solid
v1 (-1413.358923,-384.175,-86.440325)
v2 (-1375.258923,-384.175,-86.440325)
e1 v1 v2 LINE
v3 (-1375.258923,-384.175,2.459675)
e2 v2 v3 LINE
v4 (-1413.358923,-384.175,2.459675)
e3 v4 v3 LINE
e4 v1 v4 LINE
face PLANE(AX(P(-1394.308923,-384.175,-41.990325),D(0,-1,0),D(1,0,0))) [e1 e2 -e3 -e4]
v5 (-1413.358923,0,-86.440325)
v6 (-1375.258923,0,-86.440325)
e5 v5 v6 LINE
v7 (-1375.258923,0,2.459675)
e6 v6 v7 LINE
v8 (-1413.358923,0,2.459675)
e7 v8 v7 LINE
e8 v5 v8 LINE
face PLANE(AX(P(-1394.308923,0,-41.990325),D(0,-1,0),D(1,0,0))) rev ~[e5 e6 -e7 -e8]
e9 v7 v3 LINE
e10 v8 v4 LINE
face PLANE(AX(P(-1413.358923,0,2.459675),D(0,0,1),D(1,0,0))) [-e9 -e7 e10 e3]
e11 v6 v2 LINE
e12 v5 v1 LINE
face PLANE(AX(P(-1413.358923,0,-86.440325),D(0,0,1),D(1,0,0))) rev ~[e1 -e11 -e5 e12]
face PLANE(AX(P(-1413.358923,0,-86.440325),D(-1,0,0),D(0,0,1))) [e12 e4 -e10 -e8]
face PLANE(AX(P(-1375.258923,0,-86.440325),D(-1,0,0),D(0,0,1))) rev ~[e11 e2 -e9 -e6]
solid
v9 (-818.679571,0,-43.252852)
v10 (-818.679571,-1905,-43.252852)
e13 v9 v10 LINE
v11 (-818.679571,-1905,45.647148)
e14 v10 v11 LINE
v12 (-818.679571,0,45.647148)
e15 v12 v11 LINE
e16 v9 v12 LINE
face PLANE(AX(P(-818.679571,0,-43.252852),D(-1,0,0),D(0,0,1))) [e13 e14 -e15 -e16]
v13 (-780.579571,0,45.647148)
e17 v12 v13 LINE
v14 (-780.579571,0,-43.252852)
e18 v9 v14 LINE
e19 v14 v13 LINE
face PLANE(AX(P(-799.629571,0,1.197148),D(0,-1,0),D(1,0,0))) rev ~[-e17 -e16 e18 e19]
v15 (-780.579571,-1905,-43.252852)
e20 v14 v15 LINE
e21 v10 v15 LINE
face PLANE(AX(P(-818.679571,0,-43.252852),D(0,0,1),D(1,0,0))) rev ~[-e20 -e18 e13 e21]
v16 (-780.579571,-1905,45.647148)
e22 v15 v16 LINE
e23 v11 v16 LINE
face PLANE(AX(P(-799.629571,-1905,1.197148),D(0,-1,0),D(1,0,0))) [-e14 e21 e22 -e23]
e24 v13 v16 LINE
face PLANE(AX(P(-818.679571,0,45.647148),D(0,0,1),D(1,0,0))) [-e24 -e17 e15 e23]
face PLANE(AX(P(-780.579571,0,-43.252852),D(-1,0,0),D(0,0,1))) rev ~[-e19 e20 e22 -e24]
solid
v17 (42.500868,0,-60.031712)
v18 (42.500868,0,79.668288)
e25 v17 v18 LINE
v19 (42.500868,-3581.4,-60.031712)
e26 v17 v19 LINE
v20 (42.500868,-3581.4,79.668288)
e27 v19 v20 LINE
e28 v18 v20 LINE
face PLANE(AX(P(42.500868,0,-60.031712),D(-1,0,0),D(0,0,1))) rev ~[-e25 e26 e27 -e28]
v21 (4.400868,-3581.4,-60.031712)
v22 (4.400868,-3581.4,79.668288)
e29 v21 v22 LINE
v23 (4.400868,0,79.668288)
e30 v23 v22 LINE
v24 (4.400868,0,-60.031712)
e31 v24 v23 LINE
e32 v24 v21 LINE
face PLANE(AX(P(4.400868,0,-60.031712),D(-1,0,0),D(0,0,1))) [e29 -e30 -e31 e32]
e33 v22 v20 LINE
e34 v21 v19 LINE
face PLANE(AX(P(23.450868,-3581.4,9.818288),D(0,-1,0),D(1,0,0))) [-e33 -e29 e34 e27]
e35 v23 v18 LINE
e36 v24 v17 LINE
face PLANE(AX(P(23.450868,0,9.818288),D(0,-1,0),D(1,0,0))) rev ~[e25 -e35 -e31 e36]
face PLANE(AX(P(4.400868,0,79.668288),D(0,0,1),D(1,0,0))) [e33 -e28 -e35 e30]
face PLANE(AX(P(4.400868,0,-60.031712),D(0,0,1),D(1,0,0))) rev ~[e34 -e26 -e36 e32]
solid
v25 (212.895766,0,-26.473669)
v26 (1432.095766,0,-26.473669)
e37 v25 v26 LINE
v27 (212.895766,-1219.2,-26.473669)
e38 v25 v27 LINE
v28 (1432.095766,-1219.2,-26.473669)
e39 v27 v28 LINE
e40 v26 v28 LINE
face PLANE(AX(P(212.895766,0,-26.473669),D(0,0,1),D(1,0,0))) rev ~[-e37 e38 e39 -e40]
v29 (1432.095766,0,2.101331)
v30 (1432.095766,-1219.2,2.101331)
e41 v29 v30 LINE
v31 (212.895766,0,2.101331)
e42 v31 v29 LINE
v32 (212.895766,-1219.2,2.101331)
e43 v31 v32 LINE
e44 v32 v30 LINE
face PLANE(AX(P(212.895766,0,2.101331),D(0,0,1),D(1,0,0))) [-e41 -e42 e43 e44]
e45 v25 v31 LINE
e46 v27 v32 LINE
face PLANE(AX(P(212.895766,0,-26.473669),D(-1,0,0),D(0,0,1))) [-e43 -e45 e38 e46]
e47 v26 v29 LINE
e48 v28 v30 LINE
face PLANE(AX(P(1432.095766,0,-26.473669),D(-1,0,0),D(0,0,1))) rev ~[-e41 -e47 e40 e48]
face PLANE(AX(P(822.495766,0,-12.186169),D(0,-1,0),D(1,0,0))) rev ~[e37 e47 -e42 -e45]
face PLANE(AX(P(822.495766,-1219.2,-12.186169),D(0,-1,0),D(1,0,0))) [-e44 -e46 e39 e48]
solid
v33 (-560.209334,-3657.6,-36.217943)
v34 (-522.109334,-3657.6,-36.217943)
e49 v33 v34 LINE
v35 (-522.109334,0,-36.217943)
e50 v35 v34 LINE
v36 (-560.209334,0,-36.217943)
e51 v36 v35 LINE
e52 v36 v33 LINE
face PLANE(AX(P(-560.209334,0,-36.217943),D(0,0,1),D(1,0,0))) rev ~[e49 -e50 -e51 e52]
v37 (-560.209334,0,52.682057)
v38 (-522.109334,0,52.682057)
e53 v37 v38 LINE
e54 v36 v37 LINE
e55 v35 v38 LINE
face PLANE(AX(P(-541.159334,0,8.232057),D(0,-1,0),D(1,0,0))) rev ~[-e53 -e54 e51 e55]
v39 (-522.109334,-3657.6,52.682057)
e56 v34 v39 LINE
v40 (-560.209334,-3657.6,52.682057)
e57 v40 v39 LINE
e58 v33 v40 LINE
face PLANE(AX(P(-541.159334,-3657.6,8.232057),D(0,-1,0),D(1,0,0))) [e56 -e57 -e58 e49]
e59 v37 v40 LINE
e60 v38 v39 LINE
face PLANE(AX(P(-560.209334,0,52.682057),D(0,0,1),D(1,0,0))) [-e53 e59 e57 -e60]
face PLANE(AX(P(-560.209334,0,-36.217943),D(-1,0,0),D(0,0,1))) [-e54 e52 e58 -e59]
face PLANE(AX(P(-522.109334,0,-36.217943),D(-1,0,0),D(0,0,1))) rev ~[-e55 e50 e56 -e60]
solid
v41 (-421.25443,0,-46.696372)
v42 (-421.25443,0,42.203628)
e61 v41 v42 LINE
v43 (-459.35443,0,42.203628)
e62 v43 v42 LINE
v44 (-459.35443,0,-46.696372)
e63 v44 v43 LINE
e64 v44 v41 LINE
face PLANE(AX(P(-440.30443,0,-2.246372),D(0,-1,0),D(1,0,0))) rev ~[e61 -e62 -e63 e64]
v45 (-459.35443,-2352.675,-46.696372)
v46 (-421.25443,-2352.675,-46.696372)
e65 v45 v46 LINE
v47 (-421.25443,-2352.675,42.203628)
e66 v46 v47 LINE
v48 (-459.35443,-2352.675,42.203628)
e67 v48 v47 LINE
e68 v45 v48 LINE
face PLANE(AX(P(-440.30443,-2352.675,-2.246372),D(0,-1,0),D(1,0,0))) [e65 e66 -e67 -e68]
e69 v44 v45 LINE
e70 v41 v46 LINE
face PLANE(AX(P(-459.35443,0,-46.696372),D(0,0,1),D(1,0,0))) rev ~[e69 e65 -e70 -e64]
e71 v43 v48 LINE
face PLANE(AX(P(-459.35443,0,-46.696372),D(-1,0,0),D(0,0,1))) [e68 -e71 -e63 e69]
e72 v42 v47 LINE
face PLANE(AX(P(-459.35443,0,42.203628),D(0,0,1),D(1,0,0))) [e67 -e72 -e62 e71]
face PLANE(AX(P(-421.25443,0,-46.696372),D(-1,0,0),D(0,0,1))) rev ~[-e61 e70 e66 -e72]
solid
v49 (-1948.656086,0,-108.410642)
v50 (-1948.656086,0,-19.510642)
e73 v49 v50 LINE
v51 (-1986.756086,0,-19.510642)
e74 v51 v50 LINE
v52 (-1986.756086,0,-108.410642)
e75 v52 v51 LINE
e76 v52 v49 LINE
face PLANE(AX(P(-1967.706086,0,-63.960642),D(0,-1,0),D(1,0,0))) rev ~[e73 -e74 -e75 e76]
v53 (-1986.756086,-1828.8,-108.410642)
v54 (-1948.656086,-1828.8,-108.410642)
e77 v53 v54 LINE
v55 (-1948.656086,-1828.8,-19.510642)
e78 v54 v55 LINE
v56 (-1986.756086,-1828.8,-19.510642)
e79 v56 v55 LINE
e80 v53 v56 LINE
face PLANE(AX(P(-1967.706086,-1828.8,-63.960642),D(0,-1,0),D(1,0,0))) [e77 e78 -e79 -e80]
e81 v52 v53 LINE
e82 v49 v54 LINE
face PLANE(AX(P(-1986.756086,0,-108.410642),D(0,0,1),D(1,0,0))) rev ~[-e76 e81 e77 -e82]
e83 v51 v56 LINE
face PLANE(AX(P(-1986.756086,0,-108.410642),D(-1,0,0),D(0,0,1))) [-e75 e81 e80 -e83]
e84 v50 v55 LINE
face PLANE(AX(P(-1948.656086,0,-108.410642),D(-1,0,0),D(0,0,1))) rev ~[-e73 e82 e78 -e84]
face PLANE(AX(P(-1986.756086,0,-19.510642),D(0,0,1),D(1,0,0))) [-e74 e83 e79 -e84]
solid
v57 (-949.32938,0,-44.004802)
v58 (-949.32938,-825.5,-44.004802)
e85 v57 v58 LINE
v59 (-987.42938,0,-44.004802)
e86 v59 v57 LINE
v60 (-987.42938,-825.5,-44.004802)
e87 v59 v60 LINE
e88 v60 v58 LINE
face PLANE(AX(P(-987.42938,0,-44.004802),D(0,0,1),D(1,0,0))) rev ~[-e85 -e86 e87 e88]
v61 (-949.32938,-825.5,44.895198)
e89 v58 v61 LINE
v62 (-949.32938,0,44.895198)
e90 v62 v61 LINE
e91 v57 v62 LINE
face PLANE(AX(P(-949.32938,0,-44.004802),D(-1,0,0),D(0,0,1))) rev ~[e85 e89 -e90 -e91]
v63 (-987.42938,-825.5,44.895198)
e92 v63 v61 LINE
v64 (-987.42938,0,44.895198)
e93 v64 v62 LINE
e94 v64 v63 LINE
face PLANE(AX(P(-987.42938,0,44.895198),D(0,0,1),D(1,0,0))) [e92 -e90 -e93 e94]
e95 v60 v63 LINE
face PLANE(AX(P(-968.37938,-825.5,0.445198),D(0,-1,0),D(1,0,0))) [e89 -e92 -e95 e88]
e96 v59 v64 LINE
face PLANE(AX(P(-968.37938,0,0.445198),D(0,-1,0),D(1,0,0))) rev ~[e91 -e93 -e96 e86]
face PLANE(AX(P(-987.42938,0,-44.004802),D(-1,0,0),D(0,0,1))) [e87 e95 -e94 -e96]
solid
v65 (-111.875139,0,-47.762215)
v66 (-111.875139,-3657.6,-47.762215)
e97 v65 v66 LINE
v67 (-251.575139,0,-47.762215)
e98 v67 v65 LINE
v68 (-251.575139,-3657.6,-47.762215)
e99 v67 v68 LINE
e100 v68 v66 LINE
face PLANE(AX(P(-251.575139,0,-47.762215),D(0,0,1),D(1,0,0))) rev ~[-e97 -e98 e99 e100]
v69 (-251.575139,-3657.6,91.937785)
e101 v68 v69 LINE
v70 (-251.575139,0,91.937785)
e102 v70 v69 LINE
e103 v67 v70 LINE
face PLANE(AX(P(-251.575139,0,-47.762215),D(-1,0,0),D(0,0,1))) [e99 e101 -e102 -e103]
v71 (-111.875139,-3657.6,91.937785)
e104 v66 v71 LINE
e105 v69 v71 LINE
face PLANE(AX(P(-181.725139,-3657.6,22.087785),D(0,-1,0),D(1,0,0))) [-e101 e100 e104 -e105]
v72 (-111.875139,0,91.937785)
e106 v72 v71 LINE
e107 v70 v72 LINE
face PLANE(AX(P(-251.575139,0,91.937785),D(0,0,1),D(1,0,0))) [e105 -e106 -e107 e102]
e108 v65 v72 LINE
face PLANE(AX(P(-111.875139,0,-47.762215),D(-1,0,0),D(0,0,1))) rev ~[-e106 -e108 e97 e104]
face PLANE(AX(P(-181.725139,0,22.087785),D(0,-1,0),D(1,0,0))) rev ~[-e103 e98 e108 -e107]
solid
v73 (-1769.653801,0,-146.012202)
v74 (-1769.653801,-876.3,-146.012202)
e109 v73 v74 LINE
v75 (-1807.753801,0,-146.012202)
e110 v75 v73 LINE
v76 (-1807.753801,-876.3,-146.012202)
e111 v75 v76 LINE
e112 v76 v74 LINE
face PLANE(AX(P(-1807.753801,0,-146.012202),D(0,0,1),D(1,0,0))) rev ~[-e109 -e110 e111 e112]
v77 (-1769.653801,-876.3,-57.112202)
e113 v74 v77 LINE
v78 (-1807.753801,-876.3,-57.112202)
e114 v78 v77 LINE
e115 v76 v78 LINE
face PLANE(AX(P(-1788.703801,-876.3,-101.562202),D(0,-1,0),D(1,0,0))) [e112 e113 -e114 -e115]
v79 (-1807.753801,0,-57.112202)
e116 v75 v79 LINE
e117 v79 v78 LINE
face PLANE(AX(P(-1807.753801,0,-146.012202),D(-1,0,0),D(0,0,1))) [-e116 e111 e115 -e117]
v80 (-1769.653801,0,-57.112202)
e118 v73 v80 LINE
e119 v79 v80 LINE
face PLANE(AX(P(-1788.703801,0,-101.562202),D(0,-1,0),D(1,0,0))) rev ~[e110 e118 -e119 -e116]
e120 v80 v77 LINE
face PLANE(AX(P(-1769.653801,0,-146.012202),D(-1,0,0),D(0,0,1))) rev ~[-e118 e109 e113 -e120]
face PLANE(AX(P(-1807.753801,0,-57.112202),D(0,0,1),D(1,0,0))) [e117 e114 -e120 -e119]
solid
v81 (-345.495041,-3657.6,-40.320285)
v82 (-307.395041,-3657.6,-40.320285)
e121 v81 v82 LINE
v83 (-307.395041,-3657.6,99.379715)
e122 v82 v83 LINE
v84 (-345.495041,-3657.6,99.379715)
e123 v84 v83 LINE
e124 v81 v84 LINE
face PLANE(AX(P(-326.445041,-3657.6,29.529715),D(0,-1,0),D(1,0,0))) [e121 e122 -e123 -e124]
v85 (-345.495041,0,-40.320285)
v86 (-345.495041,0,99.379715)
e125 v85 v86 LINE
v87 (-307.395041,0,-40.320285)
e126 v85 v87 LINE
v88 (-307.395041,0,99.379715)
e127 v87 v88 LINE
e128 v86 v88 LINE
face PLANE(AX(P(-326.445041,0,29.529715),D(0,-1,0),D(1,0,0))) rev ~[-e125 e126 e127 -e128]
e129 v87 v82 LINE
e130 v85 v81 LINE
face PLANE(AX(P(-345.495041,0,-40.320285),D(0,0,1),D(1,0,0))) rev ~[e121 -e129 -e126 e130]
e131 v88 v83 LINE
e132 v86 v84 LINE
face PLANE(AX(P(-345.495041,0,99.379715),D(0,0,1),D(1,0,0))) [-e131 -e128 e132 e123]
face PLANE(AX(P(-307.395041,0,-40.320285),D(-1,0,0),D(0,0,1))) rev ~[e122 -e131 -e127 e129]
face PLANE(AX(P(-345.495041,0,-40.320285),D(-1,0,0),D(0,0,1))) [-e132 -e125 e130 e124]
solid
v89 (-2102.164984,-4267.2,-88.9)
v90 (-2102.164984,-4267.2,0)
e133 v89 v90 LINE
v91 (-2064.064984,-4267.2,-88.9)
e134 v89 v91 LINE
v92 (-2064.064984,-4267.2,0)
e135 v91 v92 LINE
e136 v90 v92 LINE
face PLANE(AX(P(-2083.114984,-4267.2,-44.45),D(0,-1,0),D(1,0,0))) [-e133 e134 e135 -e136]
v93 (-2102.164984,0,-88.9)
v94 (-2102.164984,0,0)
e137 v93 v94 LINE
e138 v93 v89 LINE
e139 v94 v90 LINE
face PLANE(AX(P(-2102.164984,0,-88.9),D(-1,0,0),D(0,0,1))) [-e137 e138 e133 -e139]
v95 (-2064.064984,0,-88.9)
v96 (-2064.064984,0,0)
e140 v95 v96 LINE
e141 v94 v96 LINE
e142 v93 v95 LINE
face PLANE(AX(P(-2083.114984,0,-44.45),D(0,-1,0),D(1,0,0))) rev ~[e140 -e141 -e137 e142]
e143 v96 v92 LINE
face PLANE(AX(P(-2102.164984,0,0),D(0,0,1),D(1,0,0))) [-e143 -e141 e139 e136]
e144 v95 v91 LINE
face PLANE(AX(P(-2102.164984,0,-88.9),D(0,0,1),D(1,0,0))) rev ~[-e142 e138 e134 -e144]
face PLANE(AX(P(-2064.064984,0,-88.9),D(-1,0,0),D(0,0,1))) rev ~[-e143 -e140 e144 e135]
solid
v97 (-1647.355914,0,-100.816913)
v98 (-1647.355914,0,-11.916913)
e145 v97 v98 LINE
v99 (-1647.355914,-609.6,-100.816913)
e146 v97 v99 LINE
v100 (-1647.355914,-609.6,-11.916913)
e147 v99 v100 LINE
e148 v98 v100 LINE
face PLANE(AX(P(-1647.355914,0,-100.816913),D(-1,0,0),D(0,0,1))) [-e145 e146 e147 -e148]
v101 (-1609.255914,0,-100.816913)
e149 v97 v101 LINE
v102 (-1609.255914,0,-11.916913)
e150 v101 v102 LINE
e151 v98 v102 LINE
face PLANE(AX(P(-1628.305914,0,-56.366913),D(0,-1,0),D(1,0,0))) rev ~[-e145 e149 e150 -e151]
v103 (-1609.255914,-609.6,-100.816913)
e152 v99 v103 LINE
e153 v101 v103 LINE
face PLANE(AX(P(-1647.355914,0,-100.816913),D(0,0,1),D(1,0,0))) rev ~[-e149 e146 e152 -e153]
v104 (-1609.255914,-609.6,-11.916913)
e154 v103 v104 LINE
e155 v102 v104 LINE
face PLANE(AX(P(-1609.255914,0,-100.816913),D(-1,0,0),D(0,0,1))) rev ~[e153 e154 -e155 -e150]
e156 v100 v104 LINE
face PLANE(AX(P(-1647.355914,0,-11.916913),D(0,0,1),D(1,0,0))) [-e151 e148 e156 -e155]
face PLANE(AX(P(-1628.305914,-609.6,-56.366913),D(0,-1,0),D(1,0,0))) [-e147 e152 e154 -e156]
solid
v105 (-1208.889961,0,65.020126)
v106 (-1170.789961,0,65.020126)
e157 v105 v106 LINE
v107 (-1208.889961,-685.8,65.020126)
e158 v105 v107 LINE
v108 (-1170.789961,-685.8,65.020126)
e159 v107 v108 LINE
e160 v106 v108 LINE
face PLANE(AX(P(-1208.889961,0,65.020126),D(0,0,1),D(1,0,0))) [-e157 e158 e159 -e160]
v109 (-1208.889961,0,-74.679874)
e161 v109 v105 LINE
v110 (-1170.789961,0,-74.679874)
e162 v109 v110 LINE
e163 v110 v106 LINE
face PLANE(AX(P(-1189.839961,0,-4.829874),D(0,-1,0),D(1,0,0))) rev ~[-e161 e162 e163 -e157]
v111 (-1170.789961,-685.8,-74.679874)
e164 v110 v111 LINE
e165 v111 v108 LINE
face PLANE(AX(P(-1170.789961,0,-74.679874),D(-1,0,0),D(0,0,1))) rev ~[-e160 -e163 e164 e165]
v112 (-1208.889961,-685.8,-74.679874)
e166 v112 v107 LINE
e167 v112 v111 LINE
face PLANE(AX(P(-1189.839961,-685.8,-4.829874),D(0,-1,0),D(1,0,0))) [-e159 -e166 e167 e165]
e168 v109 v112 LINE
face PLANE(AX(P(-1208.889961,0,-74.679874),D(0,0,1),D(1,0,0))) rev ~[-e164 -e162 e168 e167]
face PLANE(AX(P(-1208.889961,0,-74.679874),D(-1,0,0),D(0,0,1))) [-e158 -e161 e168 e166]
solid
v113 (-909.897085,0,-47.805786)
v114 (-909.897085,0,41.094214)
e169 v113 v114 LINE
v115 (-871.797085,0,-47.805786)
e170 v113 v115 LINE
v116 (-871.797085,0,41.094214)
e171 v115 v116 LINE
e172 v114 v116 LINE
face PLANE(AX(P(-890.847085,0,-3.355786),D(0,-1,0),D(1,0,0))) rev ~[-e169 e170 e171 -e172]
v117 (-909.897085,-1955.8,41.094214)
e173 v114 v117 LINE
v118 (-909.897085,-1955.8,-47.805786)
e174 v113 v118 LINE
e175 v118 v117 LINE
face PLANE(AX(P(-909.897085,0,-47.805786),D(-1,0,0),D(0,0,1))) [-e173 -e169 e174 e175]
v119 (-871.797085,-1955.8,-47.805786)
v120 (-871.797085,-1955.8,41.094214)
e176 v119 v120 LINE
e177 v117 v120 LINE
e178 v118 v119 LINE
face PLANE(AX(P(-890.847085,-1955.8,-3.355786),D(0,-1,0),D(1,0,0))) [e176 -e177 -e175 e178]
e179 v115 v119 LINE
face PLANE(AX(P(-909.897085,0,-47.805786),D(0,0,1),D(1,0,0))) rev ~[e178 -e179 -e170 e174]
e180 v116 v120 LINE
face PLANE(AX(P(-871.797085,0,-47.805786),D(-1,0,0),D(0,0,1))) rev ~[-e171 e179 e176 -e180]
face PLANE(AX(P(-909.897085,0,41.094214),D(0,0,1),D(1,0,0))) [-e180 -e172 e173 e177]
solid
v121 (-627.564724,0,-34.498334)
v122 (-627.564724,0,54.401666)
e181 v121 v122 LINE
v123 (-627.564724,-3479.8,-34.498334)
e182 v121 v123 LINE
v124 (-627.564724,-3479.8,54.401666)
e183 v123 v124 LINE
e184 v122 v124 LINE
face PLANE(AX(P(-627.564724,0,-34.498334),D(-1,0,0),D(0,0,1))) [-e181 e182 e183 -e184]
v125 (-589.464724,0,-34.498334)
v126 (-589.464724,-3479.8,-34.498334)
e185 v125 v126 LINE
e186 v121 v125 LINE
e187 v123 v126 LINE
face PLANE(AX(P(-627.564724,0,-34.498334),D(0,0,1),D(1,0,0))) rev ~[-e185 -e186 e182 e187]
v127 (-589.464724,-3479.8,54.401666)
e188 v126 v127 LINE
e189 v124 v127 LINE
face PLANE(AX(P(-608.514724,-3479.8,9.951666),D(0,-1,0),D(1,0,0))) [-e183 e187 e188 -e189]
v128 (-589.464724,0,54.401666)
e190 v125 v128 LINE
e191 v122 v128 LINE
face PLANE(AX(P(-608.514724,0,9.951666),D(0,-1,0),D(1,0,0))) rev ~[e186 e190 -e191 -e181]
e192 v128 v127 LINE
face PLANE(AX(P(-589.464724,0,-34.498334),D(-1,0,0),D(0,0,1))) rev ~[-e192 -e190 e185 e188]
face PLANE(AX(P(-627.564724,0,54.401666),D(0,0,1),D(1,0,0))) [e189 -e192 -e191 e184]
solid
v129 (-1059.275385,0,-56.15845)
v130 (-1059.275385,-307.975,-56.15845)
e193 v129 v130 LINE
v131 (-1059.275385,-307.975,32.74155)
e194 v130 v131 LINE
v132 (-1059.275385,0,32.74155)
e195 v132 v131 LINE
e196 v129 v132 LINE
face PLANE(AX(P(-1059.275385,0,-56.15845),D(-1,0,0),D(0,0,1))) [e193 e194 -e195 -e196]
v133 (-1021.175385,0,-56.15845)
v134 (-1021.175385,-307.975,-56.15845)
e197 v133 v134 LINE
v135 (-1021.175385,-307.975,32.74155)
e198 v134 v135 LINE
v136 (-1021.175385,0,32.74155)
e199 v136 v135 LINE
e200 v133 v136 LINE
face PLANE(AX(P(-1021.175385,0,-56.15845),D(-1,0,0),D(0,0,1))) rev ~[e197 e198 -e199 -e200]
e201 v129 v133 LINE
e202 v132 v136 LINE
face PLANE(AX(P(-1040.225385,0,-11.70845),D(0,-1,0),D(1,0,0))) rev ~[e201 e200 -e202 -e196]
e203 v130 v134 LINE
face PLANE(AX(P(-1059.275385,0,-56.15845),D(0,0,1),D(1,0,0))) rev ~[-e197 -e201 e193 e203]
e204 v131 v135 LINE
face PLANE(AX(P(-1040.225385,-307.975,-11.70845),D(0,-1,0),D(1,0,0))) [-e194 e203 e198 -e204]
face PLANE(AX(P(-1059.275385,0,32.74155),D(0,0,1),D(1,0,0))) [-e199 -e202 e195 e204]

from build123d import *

# Parameters (mm, degrees)
F0_W      = 38.1
F0_H      = 139.7
F1_DEPTH  = 3657.6
F2_W      = 139.7
F2_H      = 139.7
F3_DEPTH  = 3657.6
F5_W      = 38.1
F5_H      = 139.7
F6_DEPTH  = 3581.4
F8_W      = 1219.2
F8_H      = 28.575
F9_DEPTH  = 1219.2
F10_W     = 38.1
F10_H     = 88.9
F11_DEPTH = 2352.675
F12_W     = 38.1
F12_H     = 88.9
F13_DEPTH = 3657.6
F15_W     = 38.1
F15_H     = 88.9
F16_DEPTH = 3479.8
F18_W     = 38.1
F18_H     = 88.9
F19_DEPTH = 1955.8
F20_W     = 38.1
F20_H     = 88.9
F21_DEPTH = 1905
F22_W     = 38.1
F22_H     = 88.9
F23_DEPTH = 825.5
F24_W     = 38.1
F24_H     = 88.9
F25_DEPTH = 307.975
F27_W     = 38.1
F27_H     = 139.7
F28_DEPTH = 685.8
F29_W     = 38.1
F29_H     = 88.9
F30_DEPTH = 384.175
F31_W     = 38.1
F31_H     = 88.9
F32_DEPTH = 609.6
F33_W     = 38.1
F33_H     = 88.9
F34_DEPTH = 876.3
F35_W     = 38.1
F35_H     = 88.9
F36_DEPTH = 1828.8
F37_W     = 38.1
F37_H     = 88.9
F38_DEPTH = 4267.2


with BuildPart() as f1:
    # F0 (on Front) → F1 (new body)
    with BuildSketch(Plane.XZ):
        with Locations((-326.445041, 29.529715)):
            Rectangle(F0_W, F0_H)
    extrude(amount=F1_DEPTH)


with BuildPart() as f3:
    # F2 (on Front) → F3 (new body)
    with BuildSketch(Plane.XZ):
        with Locations((-181.725139, 22.087785)):
            Rectangle(F2_W, F2_H)
    extrude(amount=F3_DEPTH)


with BuildPart() as f6:
    # F5 (on Front) → F6 (new body)
    with BuildSketch(Plane.XZ):
        with Locations((23.450868, 9.818288)):
            Rectangle(F5_W, F5_H)
    extrude(amount=F6_DEPTH)


with BuildPart() as f9:
    # F8 (on Front) → F9 (new body)
    with BuildSketch(Plane.XZ):
        with Locations((822.495766, -12.186169)):
            Rectangle(F8_W, F8_H)
    extrude(amount=F9_DEPTH)


with BuildPart() as f11:
    # F10 (on Front) → F11 (new body)
    with BuildSketch(Plane.XZ):
        with Locations((-440.30443, -2.246372)):
            Rectangle(F10_W, F10_H)
    extrude(amount=F11_DEPTH)


with BuildPart() as f13:
    # F12 (on Front) → F13 (new body)
    with BuildSketch(Plane.XZ):
        with Locations((-541.159334, 8.232057)):
            Rectangle(F12_W, F12_H)
    extrude(amount=F13_DEPTH)


with BuildPart() as f16:
    # F15 (on Front) → F16 (new body)
    with BuildSketch(Plane.XZ):
        with Locations((-608.514724, 9.951666)):
            Rectangle(F15_W, F15_H)
    extrude(amount=F16_DEPTH)


with BuildPart() as f19:
    # F18 (on Front) → F19 (new body)
    with BuildSketch(Plane.XZ):
        with Locations((-890.847085, -3.355786)):
            Rectangle(F18_W, F18_H)
    extrude(amount=F19_DEPTH)


with BuildPart() as f21:
    # F20 (on Front) → F21 (new body)
    with BuildSketch(Plane.XZ):
        with Locations((-799.629571, 1.197148)):
            Rectangle(F20_W, F20_H)
    extrude(amount=F21_DEPTH)


with BuildPart() as f23:
    # F22 (on Front) → F23 (new body)
    with BuildSketch(Plane.XZ):
        with Locations((-968.37938, 0.445198)):
            Rectangle(F22_W, F22_H)
    extrude(amount=F23_DEPTH)


with BuildPart() as f25:
    # F24 (on Front) → F25 (new body)
    with BuildSketch(Plane.XZ):
        with Locations((-1040.225385, -11.70845)):
            Rectangle(F24_W, F24_H)
    extrude(amount=F25_DEPTH)


with BuildPart() as f28:
    # F27 (on Front) → F28 (new body)
    with BuildSketch(Plane.XZ):
        with Locations((-1189.839961, -4.829874)):
            Rectangle(F27_W, F27_H)
    extrude(amount=F28_DEPTH)


with BuildPart() as f30:
    # F29 (on Front) → F30 (new body)
    with BuildSketch(Plane.XZ):
        with Locations((-1394.308923, -41.990325)):
            Rectangle(F29_W, F29_H)
    extrude(amount=F30_DEPTH)


with BuildPart() as f32:
    # F31 (on Front) → F32 (new body)
    with BuildSketch(Plane.XZ):
        with Locations((-1628.305914, -56.366913)):
            Rectangle(F31_W, F31_H)
    extrude(amount=F32_DEPTH)


with BuildPart() as f34:
    # F33 (on Front) → F34 (new body)
    with BuildSketch(Plane.XZ):
        with Locations((-1788.703801, -101.562202)):
            Rectangle(F33_W, F33_H)
    extrude(amount=F34_DEPTH)


with BuildPart() as f36:
    # F35 (on Front) → F36 (new body)
    with BuildSketch(Plane.XZ):
        with Locations((-1967.706086, -63.960642)):
            Rectangle(F35_W, F35_H)
    extrude(amount=F36_DEPTH)


with BuildPart() as f38:
    # F37 (on Front) → F38 (new body)
    with BuildSketch(Plane.XZ):
        with Locations((-2083.114984, -44.45)):
            Rectangle(F37_W, F37_H)
    extrude(amount=F38_DEPTH)


solid = Compound([f1.part, f3.part, f6.part, f9.part, f11.part, f13.part, f16.part, f19.part, f21.part, f23.part, f25.part, f28.part, f30.part, f32.part, f34.part, f36.part, f38.part])
